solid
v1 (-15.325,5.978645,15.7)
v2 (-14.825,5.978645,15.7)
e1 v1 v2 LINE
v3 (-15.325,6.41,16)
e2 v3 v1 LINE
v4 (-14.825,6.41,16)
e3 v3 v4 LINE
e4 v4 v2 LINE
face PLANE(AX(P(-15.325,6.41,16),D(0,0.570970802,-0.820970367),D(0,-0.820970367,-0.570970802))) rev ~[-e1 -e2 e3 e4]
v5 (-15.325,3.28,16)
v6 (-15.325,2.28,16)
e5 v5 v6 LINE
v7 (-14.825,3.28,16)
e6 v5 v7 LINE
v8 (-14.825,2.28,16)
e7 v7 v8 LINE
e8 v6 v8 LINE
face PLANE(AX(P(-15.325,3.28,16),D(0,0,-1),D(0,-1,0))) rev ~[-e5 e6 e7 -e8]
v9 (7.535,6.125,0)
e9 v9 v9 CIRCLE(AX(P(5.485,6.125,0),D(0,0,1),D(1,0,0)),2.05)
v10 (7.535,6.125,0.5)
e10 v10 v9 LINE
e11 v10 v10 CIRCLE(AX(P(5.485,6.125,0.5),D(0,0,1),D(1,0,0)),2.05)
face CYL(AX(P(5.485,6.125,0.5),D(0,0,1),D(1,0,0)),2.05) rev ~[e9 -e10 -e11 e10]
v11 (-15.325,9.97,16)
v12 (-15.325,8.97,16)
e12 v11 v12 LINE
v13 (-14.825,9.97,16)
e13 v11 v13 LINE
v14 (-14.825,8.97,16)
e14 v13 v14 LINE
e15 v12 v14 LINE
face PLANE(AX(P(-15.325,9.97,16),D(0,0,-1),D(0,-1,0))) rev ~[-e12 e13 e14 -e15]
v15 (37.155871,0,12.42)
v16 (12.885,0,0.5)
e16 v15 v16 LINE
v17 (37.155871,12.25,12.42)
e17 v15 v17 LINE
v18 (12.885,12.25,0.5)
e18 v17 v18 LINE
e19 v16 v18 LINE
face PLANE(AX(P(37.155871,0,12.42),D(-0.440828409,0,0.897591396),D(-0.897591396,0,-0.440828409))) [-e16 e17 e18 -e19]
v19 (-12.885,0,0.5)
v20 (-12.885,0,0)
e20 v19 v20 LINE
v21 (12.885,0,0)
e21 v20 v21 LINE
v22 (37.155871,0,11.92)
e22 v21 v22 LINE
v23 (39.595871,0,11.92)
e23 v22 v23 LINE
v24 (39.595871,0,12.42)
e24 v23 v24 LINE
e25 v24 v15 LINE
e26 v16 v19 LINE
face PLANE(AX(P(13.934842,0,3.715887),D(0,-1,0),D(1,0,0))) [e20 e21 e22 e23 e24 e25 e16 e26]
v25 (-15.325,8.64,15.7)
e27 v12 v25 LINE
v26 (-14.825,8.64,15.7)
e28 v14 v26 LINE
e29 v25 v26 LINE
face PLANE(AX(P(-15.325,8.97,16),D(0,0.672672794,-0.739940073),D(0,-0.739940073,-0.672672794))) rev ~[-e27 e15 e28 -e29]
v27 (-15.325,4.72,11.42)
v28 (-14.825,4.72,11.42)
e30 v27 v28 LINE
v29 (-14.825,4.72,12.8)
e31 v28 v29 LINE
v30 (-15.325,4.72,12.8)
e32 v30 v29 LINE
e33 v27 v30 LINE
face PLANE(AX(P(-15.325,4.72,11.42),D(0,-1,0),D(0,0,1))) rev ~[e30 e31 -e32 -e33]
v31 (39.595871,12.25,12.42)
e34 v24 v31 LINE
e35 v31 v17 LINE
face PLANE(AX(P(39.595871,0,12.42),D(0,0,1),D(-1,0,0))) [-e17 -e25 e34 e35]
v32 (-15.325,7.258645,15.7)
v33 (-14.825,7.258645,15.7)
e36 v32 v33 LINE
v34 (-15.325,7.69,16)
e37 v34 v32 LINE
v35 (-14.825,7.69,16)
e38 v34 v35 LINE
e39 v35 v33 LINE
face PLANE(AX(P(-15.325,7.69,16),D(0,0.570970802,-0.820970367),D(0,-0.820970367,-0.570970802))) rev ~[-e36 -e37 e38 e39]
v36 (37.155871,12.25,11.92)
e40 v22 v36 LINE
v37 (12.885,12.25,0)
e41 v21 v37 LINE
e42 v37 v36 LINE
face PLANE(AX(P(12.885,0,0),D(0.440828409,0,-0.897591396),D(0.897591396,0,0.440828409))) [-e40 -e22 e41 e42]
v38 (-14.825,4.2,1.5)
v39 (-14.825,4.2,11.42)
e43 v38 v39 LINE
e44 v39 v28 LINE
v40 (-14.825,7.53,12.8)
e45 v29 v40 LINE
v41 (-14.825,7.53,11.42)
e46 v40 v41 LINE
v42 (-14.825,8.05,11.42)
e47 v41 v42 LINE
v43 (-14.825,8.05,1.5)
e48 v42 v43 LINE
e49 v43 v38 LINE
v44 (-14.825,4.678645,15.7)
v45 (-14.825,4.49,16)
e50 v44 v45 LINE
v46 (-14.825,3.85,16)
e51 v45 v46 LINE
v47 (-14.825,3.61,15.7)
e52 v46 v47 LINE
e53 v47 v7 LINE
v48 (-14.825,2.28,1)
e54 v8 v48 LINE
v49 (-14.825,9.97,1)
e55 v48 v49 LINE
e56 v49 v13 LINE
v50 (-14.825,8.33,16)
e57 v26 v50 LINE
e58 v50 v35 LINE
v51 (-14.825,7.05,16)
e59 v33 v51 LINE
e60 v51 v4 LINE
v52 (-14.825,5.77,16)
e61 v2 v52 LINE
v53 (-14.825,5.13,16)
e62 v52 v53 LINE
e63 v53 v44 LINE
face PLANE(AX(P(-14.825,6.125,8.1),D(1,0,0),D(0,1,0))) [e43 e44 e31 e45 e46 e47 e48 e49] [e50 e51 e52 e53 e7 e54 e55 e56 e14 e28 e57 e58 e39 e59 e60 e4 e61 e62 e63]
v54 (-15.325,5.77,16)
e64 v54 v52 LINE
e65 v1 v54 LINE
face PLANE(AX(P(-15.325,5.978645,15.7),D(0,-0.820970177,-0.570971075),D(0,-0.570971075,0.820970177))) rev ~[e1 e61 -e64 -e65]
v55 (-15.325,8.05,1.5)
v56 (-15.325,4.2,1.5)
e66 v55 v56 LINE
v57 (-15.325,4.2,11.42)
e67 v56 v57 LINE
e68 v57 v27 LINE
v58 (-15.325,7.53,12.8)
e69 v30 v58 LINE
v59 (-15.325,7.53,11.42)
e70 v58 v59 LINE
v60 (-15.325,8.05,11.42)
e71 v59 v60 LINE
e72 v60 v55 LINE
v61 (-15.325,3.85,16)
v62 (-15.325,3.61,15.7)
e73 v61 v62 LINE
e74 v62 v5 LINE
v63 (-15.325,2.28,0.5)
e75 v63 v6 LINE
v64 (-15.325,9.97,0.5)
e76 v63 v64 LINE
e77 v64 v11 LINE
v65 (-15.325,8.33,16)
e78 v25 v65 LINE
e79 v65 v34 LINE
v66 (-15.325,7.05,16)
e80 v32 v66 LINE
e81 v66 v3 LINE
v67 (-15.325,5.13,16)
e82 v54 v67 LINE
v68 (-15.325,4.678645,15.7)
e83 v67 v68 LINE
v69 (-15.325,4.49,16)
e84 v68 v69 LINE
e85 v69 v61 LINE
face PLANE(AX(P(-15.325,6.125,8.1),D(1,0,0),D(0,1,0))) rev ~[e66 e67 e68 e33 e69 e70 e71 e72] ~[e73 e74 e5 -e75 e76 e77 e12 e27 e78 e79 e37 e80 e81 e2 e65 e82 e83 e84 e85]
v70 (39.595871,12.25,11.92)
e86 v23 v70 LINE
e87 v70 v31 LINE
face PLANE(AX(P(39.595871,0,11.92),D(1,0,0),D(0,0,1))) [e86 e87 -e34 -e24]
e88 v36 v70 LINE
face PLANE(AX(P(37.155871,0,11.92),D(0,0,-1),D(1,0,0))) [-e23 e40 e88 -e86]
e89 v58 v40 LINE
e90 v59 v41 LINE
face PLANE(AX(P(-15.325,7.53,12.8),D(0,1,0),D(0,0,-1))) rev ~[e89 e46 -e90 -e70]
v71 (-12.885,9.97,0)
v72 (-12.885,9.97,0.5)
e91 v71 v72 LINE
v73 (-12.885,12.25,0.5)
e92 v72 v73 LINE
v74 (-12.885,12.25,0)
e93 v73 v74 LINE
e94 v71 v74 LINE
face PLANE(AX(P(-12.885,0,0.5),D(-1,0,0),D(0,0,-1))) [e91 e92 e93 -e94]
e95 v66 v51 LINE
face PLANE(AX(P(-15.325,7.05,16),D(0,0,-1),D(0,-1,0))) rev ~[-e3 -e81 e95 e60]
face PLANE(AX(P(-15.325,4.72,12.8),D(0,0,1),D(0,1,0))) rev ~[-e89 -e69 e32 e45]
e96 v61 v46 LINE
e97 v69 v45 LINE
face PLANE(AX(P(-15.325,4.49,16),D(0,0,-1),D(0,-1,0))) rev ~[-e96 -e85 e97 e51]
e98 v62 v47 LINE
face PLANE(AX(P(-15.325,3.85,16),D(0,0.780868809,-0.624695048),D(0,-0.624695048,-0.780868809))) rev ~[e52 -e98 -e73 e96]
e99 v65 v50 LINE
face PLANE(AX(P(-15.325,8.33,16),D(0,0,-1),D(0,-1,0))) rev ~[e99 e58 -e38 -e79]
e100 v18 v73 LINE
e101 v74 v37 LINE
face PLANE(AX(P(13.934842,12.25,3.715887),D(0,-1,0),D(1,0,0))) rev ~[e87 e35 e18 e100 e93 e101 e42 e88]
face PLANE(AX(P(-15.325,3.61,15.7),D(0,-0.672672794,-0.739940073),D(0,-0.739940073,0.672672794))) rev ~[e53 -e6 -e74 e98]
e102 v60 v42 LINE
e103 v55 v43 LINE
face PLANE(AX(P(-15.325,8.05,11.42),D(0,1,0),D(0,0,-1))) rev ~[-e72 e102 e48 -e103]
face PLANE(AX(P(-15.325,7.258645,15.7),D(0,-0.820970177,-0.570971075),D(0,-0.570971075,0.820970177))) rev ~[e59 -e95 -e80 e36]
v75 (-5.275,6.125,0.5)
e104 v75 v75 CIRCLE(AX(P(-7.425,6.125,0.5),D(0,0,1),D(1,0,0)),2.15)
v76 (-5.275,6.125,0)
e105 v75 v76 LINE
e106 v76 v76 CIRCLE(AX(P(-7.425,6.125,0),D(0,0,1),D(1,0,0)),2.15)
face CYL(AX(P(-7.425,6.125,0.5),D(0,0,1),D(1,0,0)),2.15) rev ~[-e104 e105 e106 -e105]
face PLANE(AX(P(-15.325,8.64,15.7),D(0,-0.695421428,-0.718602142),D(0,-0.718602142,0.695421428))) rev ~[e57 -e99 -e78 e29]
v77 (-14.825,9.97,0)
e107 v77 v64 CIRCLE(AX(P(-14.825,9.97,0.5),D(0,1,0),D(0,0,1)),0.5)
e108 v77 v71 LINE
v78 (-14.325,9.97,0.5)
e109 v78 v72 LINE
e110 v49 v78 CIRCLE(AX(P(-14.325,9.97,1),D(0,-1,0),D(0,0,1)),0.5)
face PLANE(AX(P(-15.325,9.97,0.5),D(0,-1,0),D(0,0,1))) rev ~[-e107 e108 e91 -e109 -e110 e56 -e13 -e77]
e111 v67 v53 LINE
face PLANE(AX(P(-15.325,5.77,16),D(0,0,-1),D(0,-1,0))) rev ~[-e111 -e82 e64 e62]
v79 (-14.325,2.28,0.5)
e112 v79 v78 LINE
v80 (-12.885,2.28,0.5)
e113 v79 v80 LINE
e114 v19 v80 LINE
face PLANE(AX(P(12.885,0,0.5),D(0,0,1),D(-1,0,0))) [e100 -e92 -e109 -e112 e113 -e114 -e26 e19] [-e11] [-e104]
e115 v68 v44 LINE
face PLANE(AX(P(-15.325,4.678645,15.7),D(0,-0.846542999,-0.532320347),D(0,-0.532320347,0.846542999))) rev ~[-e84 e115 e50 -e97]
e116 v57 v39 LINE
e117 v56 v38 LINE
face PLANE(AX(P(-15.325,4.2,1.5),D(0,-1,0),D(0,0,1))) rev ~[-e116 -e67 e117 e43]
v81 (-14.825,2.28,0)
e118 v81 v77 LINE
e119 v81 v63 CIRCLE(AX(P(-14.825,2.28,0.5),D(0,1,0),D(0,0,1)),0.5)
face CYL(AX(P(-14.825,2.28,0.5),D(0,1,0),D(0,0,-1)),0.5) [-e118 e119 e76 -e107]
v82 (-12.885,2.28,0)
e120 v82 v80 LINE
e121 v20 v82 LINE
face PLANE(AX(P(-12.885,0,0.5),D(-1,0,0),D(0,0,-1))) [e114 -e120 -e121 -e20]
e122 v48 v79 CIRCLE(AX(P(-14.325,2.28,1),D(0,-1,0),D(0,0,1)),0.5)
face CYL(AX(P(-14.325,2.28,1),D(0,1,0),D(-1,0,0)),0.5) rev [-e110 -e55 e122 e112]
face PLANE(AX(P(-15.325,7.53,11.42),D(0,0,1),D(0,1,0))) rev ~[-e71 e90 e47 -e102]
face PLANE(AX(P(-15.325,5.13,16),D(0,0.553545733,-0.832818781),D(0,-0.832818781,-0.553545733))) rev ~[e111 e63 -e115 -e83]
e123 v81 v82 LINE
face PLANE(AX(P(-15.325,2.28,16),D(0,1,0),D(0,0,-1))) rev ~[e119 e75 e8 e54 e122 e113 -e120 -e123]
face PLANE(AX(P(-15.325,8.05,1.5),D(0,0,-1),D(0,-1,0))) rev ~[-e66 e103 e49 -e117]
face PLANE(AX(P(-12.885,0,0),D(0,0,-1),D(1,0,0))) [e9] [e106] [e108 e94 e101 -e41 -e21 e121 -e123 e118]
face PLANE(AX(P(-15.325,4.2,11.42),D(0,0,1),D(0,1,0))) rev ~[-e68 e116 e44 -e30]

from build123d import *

# Parameters (mm, degrees)
F1_DEPTH = 12.25
F2_W     = 2.44
F2_H     = 7.69
F3_DEPTH = 0.5
F6_DEPTH = 0.5
F7_R     = 0.5
F8_R     = 2.15
F8_R_2   = 2.05
F9_DEPTH = 0.501


with BuildPart() as f1:
    # F0 (on Front) → F1 (new body)
    with BuildSketch(Plane.XZ):
        Polygon((-12.885, 0.5), (-12.885, 0), (12.885, 0), (37.155871, 11.92), (39.595871, 11.92), (39.595871, 12.42), (37.155871, 12.42), (12.885, 0.5), align=None)
    extrude(amount=-F1_DEPTH)

    # F2 (on Top) → F3 (join)
    with BuildSketch(Plane.XY):
        with Locations((-14.105, 6.125)):
            Rectangle(F2_W, F2_H)
    extrude(amount=F3_DEPTH)

    # F5 (on offset) → F6 (join)
    with BuildSketch(Plane.YZ.offset(-15.325)):
        Polygon((2.28, 0.5), (9.97, 0.5), (9.97, 15.7), (8.64, 15.7), (7.258645, 15.7), (5.978645, 15.7), (4.678645, 15.7), (3.61, 15.7), (2.28, 15.7), align=None)
        Polygon((8.05, 11.42), (8.05, 1.5), (4.2, 1.5), (4.2, 11.42), (4.72, 11.42), (4.72, 12.8), (7.53, 12.8), (7.53, 11.42), align=None, mode=Mode.SUBTRACT)
        Polygon((8.64, 15.7), (9.97, 15.7), (9.97, 16), (8.97, 16), align=None)
        Polygon((7.258645, 15.7), (8.64, 15.7), (8.33, 16), (7.69, 16), align=None)
        Polygon((5.978645, 15.7), (7.258645, 15.7), (7.05, 16), (6.41, 16), align=None)
        Polygon((5.13, 16), (4.678645, 15.7), (5.978645, 15.7), (5.77, 16), align=None)
        Polygon((3.85, 16), (3.61, 15.7), (4.678645, 15.7), (4.49, 16), align=None)
        Polygon((2.28, 16), (2.28, 15.7), (3.61, 15.7), (3.28, 16), align=None)
    extrude(amount=F6_DEPTH)

    # F7
    f7_edges = [f1.edges().sort_by_distance(p)[0] for p in [
        (-14.825, 6.125, 0.5),
        (-15.325, 6.125, 0),
    ]]
    fillet(f7_edges, radius=F7_R)

    # F8 (on face) → F9 (cut, through all)
    with BuildSketch(Plane.XY.offset(0.5)):
        with Locations((-7.425, 6.125)):
            Circle(F8_R)
        with Locations((5.485, 6.125)):
            Circle(F8_R_2)
    extrude(amount=-F9_DEPTH, mode=Mode.SUBTRACT)


solid = f1.part
